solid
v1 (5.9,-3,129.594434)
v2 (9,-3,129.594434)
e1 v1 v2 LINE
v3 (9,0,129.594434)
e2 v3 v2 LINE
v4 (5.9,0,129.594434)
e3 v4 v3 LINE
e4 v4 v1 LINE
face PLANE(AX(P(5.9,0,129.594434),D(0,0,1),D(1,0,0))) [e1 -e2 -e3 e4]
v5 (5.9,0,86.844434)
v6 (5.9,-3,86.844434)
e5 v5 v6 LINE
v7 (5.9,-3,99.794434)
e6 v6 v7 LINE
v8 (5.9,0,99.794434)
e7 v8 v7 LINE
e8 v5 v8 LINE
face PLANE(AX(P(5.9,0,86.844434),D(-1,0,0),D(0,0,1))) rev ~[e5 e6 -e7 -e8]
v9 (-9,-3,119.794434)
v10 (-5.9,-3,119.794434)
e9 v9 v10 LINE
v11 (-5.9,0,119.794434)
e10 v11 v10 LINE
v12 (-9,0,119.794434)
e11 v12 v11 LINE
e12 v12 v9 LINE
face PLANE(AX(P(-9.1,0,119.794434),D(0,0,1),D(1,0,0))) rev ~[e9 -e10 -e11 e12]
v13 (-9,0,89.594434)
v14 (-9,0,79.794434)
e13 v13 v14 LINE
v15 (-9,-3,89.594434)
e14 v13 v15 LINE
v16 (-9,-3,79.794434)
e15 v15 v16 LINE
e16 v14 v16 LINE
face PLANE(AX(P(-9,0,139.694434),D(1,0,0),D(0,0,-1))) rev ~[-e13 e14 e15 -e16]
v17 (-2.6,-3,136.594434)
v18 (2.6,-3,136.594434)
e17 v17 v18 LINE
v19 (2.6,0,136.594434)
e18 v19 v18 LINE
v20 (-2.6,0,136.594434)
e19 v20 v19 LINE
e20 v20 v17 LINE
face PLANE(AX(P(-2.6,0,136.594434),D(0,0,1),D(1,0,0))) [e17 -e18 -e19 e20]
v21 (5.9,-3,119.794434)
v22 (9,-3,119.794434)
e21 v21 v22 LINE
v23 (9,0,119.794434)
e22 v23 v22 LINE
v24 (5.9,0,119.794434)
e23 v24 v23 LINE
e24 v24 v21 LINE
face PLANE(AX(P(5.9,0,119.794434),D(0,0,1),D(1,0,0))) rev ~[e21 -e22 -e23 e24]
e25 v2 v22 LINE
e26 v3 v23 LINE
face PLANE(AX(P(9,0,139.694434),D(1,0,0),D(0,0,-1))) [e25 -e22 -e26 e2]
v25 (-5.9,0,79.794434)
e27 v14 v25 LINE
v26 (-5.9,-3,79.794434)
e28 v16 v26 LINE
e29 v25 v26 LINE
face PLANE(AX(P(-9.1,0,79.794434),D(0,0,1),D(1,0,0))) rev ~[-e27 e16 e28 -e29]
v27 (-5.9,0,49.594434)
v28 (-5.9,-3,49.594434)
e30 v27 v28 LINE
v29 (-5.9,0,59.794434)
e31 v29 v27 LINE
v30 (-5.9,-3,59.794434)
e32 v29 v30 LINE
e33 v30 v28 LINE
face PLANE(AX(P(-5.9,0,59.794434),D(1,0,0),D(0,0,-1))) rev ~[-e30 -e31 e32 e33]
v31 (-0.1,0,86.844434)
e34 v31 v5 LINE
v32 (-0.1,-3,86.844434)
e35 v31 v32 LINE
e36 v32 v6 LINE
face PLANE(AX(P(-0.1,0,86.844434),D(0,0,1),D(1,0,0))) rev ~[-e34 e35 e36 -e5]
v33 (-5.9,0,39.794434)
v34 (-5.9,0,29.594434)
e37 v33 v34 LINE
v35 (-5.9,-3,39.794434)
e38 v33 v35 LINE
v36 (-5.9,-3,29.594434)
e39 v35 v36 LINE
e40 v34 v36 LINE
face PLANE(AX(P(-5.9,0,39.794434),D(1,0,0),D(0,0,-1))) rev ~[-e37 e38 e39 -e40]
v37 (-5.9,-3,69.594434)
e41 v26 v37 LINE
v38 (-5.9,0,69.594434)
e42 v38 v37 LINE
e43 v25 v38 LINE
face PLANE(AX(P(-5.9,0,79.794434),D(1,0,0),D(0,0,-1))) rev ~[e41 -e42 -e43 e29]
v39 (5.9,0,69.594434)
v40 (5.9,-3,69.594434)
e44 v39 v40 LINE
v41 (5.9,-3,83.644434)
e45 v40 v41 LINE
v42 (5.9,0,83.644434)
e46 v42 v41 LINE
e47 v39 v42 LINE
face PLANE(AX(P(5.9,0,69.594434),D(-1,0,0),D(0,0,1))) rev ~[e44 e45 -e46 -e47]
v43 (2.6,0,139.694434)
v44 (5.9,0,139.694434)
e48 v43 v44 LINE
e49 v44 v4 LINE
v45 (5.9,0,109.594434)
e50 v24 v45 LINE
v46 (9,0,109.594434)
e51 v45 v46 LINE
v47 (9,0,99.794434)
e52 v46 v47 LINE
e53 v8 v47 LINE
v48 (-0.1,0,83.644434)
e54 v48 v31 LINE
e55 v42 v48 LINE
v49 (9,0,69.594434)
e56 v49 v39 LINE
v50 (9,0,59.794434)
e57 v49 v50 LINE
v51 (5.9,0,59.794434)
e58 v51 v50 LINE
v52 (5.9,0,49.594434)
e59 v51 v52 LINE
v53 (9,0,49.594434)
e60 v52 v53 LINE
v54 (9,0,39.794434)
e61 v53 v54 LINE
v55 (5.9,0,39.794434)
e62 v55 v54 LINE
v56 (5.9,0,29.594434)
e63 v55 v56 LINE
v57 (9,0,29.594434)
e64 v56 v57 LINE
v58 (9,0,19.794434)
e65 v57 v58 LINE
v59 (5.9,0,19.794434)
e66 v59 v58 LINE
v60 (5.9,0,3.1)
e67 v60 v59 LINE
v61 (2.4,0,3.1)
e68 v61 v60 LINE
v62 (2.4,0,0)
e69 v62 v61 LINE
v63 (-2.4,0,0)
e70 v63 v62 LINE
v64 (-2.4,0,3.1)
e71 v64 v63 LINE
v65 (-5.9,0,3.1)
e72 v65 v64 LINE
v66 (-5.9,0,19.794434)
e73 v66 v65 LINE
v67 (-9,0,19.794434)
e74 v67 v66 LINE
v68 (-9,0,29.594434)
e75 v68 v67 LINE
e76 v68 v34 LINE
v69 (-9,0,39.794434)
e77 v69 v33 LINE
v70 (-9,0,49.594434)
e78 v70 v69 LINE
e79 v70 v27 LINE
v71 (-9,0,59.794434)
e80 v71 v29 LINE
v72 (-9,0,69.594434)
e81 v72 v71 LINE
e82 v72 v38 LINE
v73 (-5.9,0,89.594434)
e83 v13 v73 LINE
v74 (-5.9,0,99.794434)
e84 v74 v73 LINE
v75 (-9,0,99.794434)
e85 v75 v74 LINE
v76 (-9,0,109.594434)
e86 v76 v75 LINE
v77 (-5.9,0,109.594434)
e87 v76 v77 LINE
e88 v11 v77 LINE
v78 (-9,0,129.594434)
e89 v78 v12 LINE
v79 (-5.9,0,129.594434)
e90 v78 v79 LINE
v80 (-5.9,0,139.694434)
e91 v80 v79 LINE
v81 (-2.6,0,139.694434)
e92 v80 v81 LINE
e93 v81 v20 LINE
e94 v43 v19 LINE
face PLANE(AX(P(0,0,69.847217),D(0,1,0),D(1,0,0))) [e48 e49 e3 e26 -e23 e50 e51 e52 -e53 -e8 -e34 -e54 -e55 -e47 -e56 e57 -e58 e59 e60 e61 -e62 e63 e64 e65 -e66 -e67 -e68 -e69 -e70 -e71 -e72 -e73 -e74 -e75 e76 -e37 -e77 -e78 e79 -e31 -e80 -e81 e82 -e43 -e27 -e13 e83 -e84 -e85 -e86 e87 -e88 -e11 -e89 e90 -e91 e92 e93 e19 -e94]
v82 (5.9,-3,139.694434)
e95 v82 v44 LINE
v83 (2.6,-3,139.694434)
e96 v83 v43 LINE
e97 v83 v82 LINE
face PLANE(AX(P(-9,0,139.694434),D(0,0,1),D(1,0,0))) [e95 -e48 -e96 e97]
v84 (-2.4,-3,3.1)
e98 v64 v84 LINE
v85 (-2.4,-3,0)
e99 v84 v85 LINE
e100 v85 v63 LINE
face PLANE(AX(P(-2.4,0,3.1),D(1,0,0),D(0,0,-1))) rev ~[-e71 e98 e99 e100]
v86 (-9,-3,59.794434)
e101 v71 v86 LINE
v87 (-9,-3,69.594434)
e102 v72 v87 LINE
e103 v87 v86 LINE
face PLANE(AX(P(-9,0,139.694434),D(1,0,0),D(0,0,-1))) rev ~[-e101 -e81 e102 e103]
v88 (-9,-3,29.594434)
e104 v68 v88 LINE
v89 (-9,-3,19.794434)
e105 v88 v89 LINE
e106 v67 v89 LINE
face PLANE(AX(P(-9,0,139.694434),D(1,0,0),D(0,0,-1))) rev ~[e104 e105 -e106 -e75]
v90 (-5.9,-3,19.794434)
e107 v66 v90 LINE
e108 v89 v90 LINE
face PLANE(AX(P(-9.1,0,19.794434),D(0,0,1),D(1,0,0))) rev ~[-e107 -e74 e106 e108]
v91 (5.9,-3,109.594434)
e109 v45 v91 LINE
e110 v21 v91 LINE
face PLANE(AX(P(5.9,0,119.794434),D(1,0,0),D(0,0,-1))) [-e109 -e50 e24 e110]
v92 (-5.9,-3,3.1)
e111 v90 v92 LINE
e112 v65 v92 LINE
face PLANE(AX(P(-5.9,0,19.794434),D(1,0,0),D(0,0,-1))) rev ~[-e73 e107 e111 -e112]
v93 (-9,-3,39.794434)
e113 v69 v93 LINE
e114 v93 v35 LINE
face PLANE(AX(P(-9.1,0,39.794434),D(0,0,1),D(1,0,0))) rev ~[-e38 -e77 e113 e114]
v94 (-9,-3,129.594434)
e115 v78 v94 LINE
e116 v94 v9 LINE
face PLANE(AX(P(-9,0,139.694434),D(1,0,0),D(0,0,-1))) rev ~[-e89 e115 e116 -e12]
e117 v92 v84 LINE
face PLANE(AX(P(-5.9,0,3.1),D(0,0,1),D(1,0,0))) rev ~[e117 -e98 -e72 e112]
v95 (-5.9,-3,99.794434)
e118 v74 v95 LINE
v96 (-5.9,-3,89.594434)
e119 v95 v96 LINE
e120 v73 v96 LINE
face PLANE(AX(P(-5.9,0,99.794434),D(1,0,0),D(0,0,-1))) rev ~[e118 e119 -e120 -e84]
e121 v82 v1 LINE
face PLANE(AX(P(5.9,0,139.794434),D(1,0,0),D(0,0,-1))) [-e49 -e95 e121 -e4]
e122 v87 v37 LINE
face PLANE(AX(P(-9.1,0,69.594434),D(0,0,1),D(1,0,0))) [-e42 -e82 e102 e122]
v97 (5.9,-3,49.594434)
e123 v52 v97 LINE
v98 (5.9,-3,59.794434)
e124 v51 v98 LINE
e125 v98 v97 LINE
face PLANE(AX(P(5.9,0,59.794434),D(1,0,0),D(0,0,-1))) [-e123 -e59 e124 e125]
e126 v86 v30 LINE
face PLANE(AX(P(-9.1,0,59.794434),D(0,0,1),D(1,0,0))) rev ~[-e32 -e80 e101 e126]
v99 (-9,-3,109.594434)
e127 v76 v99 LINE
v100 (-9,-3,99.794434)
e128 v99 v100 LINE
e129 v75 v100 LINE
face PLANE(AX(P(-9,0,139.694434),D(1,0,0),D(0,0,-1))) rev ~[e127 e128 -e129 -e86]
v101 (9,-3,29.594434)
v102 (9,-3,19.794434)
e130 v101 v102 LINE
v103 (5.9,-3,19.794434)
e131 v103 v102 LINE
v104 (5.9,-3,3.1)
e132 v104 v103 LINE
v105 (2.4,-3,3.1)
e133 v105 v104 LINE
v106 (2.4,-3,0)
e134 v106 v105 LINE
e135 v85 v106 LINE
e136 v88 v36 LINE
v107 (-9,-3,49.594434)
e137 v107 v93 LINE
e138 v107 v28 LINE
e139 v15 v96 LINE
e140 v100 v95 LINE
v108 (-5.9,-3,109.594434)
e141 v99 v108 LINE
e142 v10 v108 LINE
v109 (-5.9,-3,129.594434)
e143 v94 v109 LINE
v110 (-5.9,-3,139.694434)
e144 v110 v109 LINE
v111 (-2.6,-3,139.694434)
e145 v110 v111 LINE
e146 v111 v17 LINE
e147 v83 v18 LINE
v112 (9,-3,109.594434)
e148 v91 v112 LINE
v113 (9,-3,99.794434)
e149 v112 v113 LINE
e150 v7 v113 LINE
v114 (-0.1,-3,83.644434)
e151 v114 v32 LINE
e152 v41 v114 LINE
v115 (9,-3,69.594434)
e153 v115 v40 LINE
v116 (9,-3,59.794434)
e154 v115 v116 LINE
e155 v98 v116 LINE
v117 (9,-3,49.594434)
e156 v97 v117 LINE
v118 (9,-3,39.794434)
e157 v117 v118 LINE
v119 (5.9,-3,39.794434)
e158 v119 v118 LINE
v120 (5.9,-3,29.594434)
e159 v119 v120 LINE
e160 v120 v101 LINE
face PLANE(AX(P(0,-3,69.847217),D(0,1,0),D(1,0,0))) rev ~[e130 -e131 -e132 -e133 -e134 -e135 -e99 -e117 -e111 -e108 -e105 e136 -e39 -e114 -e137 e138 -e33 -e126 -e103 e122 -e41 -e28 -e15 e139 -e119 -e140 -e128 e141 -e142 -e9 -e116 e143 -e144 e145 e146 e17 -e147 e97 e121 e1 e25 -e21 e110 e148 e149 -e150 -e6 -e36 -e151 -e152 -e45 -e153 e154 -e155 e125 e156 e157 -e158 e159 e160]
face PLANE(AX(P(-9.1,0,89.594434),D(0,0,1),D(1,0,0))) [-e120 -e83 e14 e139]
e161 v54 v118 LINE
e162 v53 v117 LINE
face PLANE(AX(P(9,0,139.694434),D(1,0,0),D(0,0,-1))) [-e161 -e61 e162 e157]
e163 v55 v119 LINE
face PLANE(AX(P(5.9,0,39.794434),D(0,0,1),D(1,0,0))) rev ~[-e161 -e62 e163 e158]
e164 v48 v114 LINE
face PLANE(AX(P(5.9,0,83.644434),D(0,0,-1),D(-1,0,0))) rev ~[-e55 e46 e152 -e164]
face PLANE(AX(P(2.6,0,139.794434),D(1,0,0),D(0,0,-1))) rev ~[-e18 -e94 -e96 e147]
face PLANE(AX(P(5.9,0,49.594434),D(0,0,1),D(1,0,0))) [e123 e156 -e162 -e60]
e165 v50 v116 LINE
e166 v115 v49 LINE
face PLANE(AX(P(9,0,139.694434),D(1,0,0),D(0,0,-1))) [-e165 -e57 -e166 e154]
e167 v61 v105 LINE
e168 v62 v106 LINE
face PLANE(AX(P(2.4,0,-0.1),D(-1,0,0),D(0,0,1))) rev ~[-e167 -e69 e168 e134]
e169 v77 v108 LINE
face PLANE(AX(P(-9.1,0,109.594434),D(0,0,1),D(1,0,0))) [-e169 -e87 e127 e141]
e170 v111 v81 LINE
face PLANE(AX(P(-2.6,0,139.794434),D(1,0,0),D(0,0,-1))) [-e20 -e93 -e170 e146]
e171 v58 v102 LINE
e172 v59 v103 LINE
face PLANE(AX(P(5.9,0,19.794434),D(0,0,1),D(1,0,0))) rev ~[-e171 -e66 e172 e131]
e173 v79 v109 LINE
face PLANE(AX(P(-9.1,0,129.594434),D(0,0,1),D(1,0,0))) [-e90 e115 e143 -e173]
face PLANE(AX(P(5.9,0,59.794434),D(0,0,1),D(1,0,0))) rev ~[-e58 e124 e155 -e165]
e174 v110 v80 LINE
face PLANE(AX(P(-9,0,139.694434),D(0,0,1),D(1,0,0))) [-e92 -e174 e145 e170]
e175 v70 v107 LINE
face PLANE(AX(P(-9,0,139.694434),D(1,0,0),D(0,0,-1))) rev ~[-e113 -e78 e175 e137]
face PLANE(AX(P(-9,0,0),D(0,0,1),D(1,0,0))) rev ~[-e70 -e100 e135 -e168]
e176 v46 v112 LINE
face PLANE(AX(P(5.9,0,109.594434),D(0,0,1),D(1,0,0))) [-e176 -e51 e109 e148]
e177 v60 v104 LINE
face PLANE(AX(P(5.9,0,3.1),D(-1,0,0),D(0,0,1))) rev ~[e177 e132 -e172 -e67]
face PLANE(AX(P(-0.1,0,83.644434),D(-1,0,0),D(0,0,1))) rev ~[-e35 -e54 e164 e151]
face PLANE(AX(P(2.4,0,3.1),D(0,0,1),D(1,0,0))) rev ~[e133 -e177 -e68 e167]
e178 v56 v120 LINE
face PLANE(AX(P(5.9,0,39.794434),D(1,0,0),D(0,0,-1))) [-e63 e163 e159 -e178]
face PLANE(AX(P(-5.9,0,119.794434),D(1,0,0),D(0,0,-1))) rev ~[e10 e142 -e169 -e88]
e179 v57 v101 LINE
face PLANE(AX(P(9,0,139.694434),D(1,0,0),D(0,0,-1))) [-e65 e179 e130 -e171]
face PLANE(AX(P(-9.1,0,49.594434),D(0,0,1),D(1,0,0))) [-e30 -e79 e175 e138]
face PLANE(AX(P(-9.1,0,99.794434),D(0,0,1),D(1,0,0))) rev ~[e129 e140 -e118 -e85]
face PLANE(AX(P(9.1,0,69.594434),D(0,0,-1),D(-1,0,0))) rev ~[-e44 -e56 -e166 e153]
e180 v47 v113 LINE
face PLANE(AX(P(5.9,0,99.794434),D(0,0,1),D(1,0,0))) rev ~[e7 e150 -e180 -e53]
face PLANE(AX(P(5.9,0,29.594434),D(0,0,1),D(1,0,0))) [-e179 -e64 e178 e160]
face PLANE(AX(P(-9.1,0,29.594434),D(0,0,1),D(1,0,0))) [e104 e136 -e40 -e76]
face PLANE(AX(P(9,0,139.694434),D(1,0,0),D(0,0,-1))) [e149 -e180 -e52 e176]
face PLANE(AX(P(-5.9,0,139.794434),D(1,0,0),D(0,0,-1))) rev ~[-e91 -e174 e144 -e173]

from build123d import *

# Parameters (mm, degrees)
SKETCH1_W           = 18
SKETCH1_H           = 139.694434203
BOSS_EXTRUDE1_DEPTH = 3
SKETCH4_W           = 3.2
SKETCH4_H           = 10.2
SKETCH4_W_2         = 5.2
SKETCH4_H_2         = 3.2
CUT_EXTRUDE2_DEPTH  = 4


with BuildPart() as part:
    # Sketch1 → Boss-Extrude1 (new body)
    with BuildSketch(Plane(origin=(0, 0, 0), x_dir=(1, 0, 0), z_dir=(0, 1, 0))):
        with Locations((0, -69.847217102)):
            Rectangle(SKETCH1_W, SKETCH1_H)
    extrude(amount=-BOSS_EXTRUDE1_DEPTH)

    # Sketch4 → Cut-Extrude2 (cut, through all)
    with BuildSketch(Plane(origin=(0, 0, 0), x_dir=(1, 0, 0), z_dir=(0, 1, 0))):
        Polygon((5.9, -19.794434203), (9.1, -19.794434203), (9.1, 0.1), (2.4, 0.1), (2.4, -3.1), (5.9, -3.1), align=None)
        with Locations((7.5, -54.694434203)):
            Rectangle(SKETCH4_W, SKETCH4_H)
        with Locations((7.5, -34.694434203)):
            Rectangle(SKETCH4_W, SKETCH4_H)
        with Locations((7.5, -134.694434203)):
            Rectangle(SKETCH4_W, SKETCH4_H)
        with Locations((7.5, -114.694434203)):
            Rectangle(SKETCH4_W, SKETCH4_H)
        with Locations((-7.5, -54.694434203)):
            Rectangle(SKETCH4_W, SKETCH4_H)
        with Locations((-7.5, -114.694434203)):
            Rectangle(SKETCH4_W, SKETCH4_H)
        with Locations((-7.5, -74.694434203)):
            Rectangle(SKETCH4_W, SKETCH4_H)
        with Locations((-7.5, -134.694434203)):
            Rectangle(SKETCH4_W, SKETCH4_H)
        with Locations((-7.5, -34.694434203)):
            Rectangle(SKETCH4_W, SKETCH4_H)
        with Locations((-7.5, -94.694434203)):
            Rectangle(SKETCH4_W, SKETCH4_H)
        Polygon((5.9, -83.644434203), (-0.1, -83.644434203), (-0.1, -86.844434203), (5.9, -86.844434203), (5.9, -99.794434203), (9.1, -99.794434203), (9.1, -69.594434203), (5.9, -69.594434203), align=None)
        with Locations((0, -138.194434203)):
            Rectangle(SKETCH4_W_2, SKETCH4_H_2)
        Polygon((-9.1, 0.1), (-9.1, -19.794434203), (-5.9, -19.794434203), (-5.9, -3.1), (-2.4, -3.1), (-2.4, 0.1), align=None)
    extrude(amount=-CUT_EXTRUDE2_DEPTH, mode=Mode.SUBTRACT)


solid = part.part
